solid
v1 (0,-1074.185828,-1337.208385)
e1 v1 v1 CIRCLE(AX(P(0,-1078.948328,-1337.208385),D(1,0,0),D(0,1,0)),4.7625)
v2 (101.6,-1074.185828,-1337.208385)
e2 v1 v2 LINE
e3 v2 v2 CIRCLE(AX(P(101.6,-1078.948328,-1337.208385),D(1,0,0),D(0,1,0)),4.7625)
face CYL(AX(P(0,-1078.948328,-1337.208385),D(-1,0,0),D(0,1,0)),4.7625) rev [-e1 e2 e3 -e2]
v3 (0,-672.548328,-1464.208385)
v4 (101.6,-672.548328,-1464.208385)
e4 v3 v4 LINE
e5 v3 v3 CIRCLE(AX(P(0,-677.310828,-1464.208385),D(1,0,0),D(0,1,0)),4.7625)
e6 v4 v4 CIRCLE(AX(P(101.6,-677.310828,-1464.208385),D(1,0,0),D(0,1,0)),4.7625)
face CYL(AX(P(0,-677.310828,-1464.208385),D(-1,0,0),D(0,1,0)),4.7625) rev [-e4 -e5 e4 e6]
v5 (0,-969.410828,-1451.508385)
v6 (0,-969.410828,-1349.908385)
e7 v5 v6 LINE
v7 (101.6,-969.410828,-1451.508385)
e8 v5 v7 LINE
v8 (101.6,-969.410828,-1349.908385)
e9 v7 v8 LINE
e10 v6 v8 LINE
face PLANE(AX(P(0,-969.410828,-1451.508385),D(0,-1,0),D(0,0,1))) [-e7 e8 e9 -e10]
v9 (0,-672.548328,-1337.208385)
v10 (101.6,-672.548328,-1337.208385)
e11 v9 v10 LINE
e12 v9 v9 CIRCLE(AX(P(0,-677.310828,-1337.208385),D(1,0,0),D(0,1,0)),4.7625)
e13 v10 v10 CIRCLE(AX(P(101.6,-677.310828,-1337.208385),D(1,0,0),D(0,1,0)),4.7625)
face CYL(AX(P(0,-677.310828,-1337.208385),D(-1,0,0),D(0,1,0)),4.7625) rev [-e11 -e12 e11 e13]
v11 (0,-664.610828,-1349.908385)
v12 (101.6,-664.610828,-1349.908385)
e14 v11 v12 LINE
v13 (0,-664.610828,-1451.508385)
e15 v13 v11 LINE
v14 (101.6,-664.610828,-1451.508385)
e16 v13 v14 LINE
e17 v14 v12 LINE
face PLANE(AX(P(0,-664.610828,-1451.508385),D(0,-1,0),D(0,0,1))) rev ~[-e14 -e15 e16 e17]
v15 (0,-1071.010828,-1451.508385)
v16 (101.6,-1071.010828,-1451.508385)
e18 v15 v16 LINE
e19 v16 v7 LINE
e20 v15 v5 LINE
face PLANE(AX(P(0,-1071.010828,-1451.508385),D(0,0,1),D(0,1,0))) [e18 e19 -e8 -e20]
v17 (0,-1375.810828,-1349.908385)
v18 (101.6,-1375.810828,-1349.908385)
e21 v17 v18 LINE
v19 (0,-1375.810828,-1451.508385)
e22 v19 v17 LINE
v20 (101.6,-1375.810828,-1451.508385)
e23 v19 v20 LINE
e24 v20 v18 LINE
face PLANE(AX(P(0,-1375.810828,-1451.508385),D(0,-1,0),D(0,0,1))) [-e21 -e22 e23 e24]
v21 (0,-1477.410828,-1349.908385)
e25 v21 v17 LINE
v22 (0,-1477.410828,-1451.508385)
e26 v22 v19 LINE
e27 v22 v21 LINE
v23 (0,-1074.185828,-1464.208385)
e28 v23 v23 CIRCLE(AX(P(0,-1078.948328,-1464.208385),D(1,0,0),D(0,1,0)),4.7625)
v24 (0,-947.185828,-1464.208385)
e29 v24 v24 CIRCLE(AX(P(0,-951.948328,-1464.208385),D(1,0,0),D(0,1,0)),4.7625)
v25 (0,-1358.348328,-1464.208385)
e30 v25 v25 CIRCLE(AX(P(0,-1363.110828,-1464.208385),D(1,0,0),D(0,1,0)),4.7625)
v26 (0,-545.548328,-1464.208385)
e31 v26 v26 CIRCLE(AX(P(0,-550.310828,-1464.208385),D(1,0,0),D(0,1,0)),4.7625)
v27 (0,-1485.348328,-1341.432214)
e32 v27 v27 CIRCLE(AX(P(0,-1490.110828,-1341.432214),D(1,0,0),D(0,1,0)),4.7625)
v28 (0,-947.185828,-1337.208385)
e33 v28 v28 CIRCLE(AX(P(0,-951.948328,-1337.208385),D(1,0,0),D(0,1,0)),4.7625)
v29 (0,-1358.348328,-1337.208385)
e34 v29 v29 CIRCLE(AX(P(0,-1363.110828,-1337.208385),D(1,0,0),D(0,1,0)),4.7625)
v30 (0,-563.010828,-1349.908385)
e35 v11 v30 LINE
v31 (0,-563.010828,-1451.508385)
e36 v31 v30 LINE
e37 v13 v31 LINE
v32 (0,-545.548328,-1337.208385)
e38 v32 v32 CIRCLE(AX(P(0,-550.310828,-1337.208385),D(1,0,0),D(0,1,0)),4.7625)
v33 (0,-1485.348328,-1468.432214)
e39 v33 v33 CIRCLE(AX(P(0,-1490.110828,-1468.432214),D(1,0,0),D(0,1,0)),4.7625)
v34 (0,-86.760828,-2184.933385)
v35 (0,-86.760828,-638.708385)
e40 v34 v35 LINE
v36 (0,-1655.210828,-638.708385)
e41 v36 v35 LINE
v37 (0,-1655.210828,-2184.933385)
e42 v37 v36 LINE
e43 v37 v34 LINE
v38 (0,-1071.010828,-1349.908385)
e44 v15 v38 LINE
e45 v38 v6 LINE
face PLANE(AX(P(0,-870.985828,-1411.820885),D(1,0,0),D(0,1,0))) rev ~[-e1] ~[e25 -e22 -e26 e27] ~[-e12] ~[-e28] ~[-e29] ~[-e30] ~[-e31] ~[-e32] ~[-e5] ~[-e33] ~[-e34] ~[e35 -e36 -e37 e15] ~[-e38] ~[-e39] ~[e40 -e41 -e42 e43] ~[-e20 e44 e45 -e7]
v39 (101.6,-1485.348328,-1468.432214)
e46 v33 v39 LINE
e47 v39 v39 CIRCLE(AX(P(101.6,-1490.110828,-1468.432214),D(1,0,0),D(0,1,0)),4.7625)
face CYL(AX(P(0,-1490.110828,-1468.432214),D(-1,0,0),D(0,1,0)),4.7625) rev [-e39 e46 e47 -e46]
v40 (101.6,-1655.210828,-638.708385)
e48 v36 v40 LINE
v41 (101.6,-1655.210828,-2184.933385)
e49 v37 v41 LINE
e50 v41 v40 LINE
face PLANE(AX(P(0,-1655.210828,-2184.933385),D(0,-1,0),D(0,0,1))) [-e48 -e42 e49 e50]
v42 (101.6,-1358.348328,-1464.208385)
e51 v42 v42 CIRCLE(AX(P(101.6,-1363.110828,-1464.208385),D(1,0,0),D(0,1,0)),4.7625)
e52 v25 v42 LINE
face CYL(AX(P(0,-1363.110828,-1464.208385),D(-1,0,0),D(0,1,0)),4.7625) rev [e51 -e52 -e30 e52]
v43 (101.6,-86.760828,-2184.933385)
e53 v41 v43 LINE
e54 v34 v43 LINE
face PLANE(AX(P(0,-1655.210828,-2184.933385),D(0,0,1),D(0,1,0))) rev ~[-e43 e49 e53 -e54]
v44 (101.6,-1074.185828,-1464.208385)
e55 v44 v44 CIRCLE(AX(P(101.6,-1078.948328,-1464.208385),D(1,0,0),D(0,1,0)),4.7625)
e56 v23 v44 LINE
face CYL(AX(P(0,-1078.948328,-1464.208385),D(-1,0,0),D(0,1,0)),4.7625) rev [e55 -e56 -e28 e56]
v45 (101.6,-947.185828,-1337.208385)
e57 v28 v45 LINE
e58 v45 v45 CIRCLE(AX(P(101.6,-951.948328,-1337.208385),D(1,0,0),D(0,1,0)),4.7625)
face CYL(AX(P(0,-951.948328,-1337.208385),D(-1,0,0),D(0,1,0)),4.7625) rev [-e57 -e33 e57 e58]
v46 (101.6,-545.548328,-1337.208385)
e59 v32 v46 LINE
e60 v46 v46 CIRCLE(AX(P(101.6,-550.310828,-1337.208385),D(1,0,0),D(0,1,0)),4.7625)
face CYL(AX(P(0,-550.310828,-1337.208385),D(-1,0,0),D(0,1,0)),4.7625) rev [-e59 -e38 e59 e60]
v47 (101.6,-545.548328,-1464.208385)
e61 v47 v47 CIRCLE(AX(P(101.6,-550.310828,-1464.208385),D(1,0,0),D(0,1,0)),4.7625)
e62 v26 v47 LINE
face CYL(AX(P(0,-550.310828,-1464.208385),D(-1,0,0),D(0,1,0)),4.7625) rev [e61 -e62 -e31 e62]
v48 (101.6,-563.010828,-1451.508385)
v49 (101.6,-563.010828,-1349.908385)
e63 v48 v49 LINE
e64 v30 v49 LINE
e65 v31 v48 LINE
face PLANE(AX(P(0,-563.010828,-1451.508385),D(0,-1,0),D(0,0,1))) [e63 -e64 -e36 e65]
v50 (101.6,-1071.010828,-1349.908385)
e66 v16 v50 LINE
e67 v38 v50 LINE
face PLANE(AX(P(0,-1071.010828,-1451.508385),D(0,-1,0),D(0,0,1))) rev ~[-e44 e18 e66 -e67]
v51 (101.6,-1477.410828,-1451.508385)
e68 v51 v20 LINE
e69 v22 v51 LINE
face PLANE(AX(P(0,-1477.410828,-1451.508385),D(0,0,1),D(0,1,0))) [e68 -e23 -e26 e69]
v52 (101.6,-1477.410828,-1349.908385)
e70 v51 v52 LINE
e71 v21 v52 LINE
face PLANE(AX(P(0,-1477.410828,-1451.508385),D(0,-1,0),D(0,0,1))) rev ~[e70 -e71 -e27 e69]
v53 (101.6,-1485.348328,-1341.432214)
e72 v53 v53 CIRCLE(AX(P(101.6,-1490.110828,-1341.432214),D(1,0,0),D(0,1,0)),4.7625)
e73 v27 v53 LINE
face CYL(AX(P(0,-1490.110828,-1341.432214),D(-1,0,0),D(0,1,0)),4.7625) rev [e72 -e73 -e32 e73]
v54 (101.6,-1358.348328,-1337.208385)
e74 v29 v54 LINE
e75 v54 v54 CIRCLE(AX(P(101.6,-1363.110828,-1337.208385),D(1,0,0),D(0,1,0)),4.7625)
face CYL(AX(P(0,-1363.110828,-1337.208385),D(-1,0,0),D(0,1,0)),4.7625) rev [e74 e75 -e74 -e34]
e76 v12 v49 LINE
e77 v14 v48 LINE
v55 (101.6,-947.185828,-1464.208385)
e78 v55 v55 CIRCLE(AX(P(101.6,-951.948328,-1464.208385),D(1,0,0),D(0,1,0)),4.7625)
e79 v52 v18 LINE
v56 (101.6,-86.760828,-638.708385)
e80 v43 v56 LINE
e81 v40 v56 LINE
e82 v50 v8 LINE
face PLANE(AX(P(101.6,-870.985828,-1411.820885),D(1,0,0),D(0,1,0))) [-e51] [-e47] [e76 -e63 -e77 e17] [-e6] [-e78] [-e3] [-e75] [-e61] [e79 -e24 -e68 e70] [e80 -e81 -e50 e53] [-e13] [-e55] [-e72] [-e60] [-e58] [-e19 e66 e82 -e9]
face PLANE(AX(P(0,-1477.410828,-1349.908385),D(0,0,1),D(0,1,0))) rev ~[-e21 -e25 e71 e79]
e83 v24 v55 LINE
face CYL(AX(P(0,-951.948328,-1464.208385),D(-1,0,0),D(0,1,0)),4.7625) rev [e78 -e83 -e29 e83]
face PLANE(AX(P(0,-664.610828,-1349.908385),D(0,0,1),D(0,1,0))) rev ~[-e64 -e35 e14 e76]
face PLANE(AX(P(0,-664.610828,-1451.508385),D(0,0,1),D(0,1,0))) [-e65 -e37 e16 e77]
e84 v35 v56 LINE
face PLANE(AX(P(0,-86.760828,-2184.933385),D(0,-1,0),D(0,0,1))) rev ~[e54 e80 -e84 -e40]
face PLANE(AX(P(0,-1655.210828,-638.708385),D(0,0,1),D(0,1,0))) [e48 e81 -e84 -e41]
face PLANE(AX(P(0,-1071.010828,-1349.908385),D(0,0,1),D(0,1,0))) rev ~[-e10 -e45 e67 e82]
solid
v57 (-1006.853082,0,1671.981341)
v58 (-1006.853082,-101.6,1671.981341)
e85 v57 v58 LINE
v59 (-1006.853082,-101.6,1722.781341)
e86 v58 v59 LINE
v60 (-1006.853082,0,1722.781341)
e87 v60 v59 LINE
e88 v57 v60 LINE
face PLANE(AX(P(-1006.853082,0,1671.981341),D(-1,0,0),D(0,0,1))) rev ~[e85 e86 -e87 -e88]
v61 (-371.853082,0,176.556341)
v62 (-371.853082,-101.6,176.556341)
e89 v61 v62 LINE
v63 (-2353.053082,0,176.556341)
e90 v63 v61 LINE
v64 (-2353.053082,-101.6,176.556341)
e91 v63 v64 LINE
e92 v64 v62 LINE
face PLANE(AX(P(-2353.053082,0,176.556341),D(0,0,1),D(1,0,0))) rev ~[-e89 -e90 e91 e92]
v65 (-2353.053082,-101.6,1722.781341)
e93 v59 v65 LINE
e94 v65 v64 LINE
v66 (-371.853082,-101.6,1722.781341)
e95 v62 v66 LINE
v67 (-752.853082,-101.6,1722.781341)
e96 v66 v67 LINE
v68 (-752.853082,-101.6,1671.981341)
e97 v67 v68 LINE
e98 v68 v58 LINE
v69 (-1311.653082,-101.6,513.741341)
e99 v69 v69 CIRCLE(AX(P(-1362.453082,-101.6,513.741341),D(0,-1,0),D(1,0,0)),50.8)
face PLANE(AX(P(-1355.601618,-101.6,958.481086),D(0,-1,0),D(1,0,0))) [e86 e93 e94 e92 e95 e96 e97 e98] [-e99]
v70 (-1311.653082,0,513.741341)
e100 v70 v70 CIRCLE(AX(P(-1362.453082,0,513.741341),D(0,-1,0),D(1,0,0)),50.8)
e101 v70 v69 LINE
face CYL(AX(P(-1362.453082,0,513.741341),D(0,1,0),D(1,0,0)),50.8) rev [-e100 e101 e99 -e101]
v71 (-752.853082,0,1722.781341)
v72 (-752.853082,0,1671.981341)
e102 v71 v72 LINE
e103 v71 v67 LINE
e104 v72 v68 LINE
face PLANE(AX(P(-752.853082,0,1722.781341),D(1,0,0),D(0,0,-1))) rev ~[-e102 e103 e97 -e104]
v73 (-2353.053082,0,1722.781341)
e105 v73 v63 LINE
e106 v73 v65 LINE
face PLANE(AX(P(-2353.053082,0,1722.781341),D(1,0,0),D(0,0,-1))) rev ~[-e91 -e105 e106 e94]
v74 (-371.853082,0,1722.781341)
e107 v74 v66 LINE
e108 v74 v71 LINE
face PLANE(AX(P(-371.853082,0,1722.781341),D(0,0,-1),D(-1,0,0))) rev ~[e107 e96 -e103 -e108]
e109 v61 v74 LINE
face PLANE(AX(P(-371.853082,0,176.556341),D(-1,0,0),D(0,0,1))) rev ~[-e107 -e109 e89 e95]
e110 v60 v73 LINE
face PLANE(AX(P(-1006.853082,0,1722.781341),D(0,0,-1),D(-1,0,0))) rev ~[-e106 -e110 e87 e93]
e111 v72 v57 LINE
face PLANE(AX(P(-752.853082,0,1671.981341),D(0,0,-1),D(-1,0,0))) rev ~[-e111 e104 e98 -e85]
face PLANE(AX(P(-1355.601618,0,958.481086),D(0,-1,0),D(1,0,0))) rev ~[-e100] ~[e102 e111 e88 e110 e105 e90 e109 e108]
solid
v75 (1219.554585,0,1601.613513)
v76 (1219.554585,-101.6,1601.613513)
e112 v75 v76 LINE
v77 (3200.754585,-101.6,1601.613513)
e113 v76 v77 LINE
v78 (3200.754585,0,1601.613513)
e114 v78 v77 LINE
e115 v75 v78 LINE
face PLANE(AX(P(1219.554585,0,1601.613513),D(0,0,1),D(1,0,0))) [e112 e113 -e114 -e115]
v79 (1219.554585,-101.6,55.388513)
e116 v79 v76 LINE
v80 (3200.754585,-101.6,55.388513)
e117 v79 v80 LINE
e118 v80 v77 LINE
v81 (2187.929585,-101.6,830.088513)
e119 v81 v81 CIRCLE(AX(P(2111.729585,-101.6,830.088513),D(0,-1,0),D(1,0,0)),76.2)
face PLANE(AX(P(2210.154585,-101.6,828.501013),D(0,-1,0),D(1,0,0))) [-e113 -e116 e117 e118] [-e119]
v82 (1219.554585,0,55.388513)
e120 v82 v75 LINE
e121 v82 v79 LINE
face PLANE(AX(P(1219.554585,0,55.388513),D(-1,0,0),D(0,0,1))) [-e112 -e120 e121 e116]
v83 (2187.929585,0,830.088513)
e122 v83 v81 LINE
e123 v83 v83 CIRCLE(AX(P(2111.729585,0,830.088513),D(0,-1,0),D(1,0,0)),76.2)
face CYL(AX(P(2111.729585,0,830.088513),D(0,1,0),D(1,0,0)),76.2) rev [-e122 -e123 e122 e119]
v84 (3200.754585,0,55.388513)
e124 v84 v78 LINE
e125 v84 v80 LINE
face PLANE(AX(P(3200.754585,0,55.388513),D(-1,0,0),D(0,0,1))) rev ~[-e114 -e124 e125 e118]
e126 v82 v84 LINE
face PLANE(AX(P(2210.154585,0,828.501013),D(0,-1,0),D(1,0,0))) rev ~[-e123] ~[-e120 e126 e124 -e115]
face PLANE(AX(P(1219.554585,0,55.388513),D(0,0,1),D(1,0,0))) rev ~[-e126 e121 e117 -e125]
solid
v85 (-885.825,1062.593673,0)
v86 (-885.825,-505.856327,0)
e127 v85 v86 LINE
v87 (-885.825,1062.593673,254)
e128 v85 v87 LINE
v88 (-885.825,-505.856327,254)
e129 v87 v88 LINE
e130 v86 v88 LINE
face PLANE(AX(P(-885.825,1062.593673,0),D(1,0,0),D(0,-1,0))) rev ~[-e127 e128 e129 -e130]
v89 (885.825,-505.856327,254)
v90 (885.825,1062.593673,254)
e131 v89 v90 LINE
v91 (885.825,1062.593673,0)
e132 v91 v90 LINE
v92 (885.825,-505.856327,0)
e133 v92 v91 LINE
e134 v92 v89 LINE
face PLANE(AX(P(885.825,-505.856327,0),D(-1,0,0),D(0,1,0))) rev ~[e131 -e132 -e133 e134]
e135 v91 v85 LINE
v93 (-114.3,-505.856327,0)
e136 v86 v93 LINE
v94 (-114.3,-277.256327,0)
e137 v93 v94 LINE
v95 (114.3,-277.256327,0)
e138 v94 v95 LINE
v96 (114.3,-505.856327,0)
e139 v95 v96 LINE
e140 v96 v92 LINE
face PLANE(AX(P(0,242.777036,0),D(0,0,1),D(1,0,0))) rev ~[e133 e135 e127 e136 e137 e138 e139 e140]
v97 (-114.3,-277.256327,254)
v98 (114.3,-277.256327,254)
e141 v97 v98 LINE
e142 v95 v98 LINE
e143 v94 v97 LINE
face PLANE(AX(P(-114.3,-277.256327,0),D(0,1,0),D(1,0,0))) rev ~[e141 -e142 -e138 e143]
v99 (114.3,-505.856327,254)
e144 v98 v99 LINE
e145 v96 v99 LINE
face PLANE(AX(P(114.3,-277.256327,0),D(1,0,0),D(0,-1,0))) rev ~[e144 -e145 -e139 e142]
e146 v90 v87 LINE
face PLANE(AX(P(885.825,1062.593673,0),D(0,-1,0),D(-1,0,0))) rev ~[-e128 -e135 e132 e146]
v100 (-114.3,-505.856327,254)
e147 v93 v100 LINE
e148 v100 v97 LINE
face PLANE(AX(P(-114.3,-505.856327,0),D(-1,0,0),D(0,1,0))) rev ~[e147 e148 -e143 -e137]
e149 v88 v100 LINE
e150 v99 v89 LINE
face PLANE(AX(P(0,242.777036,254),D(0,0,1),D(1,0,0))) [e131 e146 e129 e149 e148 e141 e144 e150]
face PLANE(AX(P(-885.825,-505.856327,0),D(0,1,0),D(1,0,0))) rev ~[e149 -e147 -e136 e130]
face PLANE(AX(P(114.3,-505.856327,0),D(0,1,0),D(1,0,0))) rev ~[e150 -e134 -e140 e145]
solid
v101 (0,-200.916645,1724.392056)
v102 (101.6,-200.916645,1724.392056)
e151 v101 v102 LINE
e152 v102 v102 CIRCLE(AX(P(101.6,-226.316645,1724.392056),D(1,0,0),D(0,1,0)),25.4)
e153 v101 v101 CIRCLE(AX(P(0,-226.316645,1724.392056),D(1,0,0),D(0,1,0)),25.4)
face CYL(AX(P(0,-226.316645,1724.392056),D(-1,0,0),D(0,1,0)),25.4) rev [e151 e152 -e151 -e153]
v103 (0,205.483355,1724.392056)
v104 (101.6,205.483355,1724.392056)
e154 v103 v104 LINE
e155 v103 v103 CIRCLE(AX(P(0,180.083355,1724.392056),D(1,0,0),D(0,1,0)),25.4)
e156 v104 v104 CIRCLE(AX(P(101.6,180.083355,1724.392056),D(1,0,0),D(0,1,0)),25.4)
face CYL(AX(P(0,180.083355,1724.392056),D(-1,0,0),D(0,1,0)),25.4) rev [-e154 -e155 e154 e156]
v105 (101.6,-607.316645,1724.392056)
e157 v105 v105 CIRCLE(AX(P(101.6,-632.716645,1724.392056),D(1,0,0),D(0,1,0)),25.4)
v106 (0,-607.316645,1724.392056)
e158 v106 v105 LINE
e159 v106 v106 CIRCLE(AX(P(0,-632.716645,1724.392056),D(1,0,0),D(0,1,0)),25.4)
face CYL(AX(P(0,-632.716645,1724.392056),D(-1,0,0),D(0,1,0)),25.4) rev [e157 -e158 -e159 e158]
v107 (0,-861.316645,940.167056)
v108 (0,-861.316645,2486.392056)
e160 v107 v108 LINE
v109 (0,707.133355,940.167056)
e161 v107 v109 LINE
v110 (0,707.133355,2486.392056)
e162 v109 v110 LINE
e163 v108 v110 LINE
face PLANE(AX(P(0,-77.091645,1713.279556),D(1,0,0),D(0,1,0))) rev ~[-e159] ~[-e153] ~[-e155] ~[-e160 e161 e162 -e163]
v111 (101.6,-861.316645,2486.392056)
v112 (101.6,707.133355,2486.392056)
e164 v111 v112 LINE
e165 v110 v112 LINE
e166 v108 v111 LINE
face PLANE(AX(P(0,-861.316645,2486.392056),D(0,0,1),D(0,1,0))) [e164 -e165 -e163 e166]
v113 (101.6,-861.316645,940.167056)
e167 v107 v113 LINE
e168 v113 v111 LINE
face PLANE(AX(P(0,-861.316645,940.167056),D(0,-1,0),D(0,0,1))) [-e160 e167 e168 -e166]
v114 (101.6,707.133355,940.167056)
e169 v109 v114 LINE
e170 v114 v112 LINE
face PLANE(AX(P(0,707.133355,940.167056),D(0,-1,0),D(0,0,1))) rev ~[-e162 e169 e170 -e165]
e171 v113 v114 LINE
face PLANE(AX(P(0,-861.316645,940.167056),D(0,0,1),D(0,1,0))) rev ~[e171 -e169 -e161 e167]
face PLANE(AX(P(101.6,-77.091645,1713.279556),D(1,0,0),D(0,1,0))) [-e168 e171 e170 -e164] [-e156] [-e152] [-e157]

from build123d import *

# Parameters (mm, degrees)
F3_R     = 50.8
F5_DEPTH = 101.6
F4_W     = 1981.2
F4_H     = 1546.225
F4_R     = 76.2
F6_DEPTH = 101.6
F1_W     = 1568.45
F1_H     = 1546.225
F1_R     = 25.4
F7_DEPTH = 101.6
F8_DEPTH = 254
F2_W     = 1568.45
F2_H     = 1546.225
F2_R     = 4.7625
F2_W_2   = 101.6
F2_H_2   = 101.6
F9_DEPTH = 101.6


with BuildPart() as f5:
    # F3 (on Front) → F5 (new body)
    with BuildSketch(Plane.XZ):
        Polygon((-2353.0530816555, 1722.7813414584), (-2353.0530816555, 176.5563414584), (-371.8530816555, 176.5563414584), (-371.8530816555, 1722.7813414584), (-752.8530816555, 1722.7813414584), (-752.8530816555, 1671.9813414584), (-1006.8530816555, 1671.9813414584), (-1006.8530816555, 1722.7813414584), align=None)
        with Locations((-1362.4530816555, 513.7413414584)):
            Circle(F3_R, mode=Mode.SUBTRACT)
    extrude(amount=F5_DEPTH)


with BuildPart() as f6:
    # F4 (on Front) → F6 (new body)
    with BuildSketch(Plane.XZ):
        with Locations((2210.1545845985, 828.5010133985)):
            Rectangle(F4_W, F4_H)
        with Locations((2111.7295845985, 830.0885133985)):
            Circle(F4_R, mode=Mode.SUBTRACT)
    extrude(amount=F6_DEPTH)


with BuildPart() as f7:
    # F1 (on Right) → F7 (new body)
    with BuildSketch(Plane.YZ):
        with Locations((-77.0916448283, 1713.2795558453)):
            Rectangle(F1_W, F1_H)
        with Locations((-632.7166448283, 1724.3920558453)):
            Circle(F1_R, mode=Mode.SUBTRACT)
        with Locations((-226.3166448283, 1724.3920558453)):
            Circle(F1_R, mode=Mode.SUBTRACT)
        with Locations((180.0833551717, 1724.3920558453)):
            Circle(F1_R, mode=Mode.SUBTRACT)
    extrude(amount=F7_DEPTH)


with BuildPart() as f8:
    # F0 (on Top) → F8 (new body)
    with BuildSketch(Plane.XY):
        Polygon((-885.825, 1062.5936732292), (-885.825, -505.8563267708), (-114.3, -505.8563267708), (-114.3, -277.2563267708), (114.3, -277.2563267708), (114.3, -505.8563267708), (885.825, -505.8563267708), (885.825, 1062.5936732292), align=None)
    extrude(amount=F8_DEPTH)


with BuildPart() as f9:
    # F2 (on Right) → F9 (new body)
    with BuildSketch(Plane.YZ):
        with Locations((-870.9858280182, -1411.8208845873)):
            Rectangle(F2_W, F2_H)
        with Locations((-1490.1108280182, -1468.4322137833)):
            Circle(F2_R, mode=Mode.SUBTRACT)
        with Locations((-1363.1108280182, -1464.2083845873)):
            Circle(F2_R, mode=Mode.SUBTRACT)
        with Locations((-1078.9483280182, -1464.2083845873)):
            Circle(F2_R, mode=Mode.SUBTRACT)
        with Locations((-951.9483280182, -1464.2083845873)):
            Circle(F2_R, mode=Mode.SUBTRACT)
        with Locations((-677.3108280182, -1464.2083845873)):
            Circle(F2_R, mode=Mode.SUBTRACT)
        with Locations((-550.3108280182, -1464.2083845873)):
            Circle(F2_R, mode=Mode.SUBTRACT)
        with Locations((-1490.1108280182, -1341.4322137833)):
            Circle(F2_R, mode=Mode.SUBTRACT)
        with Locations((-1426.6108280182, -1400.7083845873)):
            Rectangle(F2_W_2, F2_H_2, mode=Mode.SUBTRACT)
        with Locations((-1363.1108280182, -1337.2083845873)):
            Circle(F2_R, mode=Mode.SUBTRACT)
        with Locations((-1078.9483280182, -1337.2083845873)):
            Circle(F2_R, mode=Mode.SUBTRACT)
        with Locations((-1020.2108280182, -1400.7083845873)):
            Rectangle(F2_W_2, F2_H_2, mode=Mode.SUBTRACT)
        with Locations((-951.9483280182, -1337.2083845873)):
            Circle(F2_R, mode=Mode.SUBTRACT)
        with Locations((-677.3108280182, -1337.2083845873)):
            Circle(F2_R, mode=Mode.SUBTRACT)
        with Locations((-613.8108280182, -1400.7083845873)):
            Rectangle(F2_W_2, F2_H_2, mode=Mode.SUBTRACT)
        with Locations((-550.3108280182, -1337.2083845873)):
            Circle(F2_R, mode=Mode.SUBTRACT)
    extrude(amount=F9_DEPTH)


solid = Compound([f5.part, f6.part, f7.part, f8.part, f9.part])
